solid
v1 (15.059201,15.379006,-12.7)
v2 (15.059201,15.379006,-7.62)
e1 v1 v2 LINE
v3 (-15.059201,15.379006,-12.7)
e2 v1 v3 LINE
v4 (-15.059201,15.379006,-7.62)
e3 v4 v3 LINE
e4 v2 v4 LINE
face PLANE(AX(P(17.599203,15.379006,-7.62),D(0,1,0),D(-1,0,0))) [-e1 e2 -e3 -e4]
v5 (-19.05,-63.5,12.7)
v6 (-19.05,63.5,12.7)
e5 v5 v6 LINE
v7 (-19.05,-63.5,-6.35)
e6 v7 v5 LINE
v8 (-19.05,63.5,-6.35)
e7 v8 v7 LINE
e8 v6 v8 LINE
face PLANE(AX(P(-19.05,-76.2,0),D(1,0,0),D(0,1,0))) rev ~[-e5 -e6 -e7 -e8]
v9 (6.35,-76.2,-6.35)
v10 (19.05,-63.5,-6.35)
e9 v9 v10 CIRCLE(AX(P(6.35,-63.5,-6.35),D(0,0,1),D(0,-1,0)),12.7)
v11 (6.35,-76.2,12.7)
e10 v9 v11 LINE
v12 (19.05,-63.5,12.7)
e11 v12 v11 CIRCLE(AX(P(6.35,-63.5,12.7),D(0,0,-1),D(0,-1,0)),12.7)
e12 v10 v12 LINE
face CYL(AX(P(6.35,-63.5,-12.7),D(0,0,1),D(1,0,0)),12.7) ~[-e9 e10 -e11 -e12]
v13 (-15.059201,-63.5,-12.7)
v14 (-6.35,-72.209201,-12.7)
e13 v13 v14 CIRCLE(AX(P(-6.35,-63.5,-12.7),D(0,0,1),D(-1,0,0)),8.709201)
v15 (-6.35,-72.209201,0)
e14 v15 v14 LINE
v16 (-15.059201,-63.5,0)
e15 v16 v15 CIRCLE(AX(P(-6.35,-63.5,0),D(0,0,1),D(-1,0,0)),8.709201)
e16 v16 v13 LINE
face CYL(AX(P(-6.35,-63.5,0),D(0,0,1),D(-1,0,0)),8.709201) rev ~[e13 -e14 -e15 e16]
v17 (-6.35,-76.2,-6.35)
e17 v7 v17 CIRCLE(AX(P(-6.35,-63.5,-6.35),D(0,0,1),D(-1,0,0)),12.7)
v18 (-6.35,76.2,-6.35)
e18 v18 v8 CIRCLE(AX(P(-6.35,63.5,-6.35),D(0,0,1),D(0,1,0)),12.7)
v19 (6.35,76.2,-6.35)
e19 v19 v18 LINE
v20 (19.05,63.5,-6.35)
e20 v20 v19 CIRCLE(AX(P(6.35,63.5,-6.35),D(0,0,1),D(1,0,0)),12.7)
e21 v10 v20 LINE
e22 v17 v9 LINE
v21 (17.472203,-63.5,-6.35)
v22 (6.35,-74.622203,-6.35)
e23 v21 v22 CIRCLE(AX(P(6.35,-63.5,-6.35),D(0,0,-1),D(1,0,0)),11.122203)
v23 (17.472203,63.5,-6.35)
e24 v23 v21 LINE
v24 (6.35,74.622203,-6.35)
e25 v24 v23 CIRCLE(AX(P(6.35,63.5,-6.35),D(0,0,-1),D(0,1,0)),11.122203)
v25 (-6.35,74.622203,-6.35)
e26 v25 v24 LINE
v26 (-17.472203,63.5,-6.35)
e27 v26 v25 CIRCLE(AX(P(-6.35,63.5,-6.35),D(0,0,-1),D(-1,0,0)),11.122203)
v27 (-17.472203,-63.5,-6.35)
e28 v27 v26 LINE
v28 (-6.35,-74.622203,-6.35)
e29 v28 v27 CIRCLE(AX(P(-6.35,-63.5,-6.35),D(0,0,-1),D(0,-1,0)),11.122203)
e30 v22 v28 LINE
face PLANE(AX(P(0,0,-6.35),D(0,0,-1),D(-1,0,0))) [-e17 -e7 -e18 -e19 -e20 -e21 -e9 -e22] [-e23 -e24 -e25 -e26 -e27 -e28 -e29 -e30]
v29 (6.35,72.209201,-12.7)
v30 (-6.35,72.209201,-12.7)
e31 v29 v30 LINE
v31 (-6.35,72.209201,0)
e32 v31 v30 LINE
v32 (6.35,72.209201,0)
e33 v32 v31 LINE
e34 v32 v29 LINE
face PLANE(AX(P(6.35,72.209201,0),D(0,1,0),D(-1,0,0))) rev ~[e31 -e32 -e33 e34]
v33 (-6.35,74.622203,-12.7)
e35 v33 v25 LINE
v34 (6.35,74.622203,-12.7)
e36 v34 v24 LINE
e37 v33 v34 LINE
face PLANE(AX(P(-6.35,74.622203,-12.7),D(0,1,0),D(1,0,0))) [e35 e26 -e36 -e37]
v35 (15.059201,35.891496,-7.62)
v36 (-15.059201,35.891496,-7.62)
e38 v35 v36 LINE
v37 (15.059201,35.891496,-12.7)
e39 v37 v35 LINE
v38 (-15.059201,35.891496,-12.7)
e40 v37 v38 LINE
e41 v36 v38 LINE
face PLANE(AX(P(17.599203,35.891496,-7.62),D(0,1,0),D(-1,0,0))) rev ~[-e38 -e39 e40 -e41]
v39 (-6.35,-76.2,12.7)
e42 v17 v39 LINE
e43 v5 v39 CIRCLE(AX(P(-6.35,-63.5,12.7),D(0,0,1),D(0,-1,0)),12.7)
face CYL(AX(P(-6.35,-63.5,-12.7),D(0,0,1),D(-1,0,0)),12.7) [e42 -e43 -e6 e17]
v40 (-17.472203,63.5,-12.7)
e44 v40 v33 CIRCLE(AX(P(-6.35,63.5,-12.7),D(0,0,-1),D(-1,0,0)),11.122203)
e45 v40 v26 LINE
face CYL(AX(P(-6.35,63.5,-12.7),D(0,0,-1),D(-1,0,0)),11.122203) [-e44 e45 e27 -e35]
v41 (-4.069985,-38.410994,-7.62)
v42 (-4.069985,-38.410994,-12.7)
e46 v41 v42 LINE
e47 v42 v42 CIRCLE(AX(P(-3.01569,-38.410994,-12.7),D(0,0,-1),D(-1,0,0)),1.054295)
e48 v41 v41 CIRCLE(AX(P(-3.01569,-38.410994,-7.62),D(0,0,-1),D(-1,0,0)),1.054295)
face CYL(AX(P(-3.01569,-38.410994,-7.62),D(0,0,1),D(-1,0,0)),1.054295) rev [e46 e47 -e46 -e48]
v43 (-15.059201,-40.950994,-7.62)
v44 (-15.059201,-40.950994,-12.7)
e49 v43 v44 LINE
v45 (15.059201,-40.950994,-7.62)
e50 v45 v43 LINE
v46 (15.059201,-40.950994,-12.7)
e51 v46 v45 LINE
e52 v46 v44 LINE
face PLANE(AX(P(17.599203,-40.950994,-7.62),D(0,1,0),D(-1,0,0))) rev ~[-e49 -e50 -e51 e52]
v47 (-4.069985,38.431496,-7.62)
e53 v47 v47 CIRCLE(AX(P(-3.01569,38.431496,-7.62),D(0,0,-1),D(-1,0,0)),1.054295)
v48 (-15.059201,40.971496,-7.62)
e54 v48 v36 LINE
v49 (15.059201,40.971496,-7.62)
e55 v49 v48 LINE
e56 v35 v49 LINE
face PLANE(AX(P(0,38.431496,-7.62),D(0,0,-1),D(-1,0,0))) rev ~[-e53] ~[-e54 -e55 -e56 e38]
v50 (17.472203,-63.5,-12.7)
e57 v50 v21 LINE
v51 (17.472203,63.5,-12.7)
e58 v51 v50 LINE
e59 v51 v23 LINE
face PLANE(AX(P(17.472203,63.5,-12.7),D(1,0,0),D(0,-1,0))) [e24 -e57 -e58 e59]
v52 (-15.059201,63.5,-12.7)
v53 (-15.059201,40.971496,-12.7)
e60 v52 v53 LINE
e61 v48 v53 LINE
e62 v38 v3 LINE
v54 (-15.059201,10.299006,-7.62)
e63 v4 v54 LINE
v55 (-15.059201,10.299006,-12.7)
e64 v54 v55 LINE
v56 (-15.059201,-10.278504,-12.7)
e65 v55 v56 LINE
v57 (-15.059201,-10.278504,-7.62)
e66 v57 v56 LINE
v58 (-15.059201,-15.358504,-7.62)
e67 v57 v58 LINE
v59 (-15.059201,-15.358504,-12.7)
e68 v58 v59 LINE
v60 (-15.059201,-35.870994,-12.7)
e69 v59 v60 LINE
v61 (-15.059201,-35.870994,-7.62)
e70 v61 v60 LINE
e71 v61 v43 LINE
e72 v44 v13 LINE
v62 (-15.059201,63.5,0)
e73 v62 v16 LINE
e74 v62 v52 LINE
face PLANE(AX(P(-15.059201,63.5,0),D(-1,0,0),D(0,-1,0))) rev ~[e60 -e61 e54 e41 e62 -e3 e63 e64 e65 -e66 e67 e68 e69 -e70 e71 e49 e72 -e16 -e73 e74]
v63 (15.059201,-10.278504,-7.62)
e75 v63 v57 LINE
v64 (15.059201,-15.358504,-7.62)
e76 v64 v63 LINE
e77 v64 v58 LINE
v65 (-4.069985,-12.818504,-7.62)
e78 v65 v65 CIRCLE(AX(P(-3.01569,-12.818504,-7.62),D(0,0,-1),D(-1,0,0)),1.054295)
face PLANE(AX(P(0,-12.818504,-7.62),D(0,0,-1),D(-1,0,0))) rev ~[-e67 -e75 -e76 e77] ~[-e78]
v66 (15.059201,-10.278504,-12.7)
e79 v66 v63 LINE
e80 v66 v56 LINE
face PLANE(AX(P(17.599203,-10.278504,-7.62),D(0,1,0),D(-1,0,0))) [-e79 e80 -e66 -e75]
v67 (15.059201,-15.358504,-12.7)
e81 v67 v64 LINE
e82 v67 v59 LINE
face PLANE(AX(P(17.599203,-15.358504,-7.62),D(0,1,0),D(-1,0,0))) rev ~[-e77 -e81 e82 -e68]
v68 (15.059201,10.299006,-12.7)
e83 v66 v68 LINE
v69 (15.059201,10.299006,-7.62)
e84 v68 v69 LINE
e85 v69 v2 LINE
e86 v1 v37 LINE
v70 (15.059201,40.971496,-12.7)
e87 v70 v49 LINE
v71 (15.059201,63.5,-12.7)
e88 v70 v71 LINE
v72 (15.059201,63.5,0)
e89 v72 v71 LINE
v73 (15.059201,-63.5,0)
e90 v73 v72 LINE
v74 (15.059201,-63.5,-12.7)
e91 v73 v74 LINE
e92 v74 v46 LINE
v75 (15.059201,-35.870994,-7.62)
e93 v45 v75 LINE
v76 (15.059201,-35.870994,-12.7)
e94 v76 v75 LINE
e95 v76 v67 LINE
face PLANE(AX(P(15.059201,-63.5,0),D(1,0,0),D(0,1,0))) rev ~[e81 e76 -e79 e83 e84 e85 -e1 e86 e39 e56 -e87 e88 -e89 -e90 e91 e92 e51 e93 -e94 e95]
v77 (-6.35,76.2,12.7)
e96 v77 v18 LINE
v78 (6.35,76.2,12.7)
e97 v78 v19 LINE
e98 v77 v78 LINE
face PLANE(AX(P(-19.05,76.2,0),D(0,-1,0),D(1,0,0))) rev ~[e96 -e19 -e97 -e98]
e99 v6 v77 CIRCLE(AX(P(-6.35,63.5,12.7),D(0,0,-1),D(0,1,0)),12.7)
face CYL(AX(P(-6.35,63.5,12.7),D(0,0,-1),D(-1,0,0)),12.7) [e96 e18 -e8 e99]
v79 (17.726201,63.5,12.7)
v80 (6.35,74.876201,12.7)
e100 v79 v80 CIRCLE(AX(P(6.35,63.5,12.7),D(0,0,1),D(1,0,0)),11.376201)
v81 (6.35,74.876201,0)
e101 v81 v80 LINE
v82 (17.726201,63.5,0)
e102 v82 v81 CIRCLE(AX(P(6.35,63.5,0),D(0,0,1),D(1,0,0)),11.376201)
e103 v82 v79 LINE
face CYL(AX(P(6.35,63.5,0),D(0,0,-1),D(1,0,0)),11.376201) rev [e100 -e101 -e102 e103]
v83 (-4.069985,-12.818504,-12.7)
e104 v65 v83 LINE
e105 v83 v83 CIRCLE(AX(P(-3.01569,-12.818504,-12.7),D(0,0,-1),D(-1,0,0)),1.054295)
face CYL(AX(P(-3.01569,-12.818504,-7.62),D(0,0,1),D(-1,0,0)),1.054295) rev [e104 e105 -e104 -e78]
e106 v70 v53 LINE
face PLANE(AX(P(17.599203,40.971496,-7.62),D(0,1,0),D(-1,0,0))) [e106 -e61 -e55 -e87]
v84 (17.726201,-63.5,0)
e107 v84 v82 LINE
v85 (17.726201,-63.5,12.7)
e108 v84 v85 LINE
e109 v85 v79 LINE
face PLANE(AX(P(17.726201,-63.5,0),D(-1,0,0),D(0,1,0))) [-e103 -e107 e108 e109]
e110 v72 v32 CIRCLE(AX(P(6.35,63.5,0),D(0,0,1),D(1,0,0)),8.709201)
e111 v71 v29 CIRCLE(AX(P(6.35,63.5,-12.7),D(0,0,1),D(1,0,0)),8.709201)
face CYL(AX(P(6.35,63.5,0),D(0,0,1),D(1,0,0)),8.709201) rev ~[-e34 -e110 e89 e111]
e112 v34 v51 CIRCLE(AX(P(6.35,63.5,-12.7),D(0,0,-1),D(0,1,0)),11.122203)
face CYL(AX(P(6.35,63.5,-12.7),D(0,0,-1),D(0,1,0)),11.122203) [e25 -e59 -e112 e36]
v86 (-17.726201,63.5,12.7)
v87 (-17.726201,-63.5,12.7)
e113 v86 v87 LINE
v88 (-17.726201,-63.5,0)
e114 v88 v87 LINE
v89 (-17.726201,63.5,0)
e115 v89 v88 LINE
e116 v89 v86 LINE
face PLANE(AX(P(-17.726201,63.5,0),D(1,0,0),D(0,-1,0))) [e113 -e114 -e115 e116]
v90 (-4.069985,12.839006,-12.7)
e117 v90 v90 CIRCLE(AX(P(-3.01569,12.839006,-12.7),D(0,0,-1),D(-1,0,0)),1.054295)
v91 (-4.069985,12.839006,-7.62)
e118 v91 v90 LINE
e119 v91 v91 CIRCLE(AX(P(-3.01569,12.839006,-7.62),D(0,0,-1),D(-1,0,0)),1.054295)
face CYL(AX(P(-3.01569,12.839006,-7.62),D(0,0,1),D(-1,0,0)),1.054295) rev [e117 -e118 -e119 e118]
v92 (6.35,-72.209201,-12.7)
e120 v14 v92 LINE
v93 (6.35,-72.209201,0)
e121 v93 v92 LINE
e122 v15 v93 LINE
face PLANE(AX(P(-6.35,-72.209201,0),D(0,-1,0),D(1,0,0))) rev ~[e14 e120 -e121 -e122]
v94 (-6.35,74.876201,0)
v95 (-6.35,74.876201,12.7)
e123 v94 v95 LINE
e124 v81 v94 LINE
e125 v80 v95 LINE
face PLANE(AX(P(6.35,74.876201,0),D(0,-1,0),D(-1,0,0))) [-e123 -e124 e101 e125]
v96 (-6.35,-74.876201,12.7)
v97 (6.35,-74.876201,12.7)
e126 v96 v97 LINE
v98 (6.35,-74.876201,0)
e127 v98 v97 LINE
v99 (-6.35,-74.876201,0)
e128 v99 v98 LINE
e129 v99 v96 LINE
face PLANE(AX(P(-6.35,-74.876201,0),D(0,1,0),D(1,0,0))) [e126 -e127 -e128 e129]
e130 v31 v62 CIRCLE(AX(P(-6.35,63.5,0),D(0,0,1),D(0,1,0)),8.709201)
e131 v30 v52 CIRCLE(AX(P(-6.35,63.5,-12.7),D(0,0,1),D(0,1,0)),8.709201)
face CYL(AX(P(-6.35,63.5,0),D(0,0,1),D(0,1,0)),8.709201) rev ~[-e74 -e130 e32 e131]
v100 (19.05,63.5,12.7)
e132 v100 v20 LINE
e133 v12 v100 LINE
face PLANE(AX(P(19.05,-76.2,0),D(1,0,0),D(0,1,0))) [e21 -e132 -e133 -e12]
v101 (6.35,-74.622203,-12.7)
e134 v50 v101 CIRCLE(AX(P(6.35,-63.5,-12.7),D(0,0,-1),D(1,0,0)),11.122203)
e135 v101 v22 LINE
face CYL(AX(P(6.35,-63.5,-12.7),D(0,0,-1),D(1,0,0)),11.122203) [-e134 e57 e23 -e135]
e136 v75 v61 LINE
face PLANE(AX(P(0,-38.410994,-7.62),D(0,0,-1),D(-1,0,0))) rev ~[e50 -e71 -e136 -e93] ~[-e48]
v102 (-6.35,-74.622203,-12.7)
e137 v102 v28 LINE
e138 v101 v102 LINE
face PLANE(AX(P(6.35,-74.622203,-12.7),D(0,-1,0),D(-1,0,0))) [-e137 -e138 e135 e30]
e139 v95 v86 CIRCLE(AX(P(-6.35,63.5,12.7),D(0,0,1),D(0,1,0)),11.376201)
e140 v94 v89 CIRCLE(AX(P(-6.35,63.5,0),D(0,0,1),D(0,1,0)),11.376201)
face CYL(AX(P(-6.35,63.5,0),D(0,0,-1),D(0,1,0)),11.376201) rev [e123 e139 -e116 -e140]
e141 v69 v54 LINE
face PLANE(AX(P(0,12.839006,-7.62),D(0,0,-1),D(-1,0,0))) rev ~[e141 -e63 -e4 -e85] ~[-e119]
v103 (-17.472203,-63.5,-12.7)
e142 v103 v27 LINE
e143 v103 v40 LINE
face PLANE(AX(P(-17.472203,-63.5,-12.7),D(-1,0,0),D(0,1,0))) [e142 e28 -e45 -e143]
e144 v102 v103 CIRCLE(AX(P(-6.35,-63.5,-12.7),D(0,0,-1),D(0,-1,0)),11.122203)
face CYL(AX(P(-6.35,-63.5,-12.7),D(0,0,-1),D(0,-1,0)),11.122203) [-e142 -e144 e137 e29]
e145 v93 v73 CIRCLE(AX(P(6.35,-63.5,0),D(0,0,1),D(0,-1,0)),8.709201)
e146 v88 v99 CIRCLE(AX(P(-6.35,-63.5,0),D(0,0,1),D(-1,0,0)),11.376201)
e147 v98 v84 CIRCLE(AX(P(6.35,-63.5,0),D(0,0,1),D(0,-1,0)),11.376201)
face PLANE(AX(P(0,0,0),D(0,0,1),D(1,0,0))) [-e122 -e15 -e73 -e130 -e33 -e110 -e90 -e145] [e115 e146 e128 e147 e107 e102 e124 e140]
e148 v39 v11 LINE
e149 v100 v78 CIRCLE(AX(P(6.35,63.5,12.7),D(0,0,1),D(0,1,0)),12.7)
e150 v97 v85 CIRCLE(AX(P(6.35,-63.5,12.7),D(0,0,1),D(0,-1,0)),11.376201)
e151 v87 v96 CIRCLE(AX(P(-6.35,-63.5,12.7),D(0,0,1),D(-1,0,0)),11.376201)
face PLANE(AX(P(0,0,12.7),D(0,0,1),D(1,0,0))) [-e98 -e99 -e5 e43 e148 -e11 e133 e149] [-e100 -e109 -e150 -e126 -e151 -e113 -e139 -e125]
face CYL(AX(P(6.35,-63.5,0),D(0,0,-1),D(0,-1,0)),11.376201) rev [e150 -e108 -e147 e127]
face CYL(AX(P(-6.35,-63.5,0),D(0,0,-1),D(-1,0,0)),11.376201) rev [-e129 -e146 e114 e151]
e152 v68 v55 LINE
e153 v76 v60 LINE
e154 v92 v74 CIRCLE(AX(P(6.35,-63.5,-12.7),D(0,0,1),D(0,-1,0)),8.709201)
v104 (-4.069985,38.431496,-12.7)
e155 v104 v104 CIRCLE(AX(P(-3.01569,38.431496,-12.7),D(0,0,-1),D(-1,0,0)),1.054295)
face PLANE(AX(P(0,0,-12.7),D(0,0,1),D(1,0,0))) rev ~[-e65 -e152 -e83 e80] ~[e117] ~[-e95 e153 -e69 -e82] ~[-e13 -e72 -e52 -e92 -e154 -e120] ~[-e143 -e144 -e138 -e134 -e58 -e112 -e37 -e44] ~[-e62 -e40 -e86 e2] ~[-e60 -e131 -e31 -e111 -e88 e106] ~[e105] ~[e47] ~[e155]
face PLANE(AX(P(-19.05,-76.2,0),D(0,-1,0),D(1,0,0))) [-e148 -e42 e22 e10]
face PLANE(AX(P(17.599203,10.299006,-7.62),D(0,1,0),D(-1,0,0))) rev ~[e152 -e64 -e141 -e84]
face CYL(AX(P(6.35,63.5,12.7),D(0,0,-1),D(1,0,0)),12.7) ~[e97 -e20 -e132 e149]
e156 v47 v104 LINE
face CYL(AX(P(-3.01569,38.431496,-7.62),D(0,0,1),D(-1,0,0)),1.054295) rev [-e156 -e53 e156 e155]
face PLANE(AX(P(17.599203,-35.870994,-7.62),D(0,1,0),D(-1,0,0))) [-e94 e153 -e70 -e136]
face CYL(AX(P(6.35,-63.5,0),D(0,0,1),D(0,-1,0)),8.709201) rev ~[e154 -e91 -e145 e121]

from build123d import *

# Parameters (mm, degrees)
SKETCH1_W               = 38.1
SKETCH1_H               = 152.4
BOSS_EXTRUDE1_DEPTH     = 12.7
FILLET1_R               = 12.7
CUT_EXTRUDE1_DEPTH      = 83.55
EXTRUDE_THIN1_START     = -12.7
EXTRUDE_THIN1_DEPTH     = 12.7
CUT_EXTRUDE2_DEPTH      = 6.35
SKETCH6_W               = 35.1984056
SKETCH6_H               = 5.08
SKETCH6_R               = 1.054294776
BOSS_EXTRUDE2_DEPTH     = 5.08
CLEARANCE_1_DEPTH       = 6.35
CUT_EXTRUDE_THIN2_START = -12.7
CUT_EXTRUDE_THIN2_DEPTH = 12.7


with BuildPart() as part:
    # Sketch1 → Boss-Extrude1 (new, symmetric)
    with BuildSketch(Plane.XY):
        Rectangle(SKETCH1_W, SKETCH1_H)
    extrude(amount=BOSS_EXTRUDE1_DEPTH, both=True)

    # Fillet1
    fillet1_edges = [part.edges().sort_by_distance(p)[0] for p in [
        (19.05, -76.2, 0),
        (-19.05, -76.2, 0),
        (-19.05, 76.2, 0),
        (19.05, 76.2, 0),
    ]]
    fillet(fillet1_edges, radius=FILLET1_R)

    # Sketch2 → Cut-Extrude1 (cut, through all)
    with BuildSketch(Plane.XY.offset(12.7)):
        with BuildLine():
            Line((-17.599200768, 63.5), (-17.599200768, -63.5))
            ThreePointArc((-17.599200768, -63.5), (-14.304386146, -71.454386146), (-6.35, -74.749200768))
            Line((-6.35, -74.749200768), (6.35, -74.749200768))
            ThreePointArc((6.35, -74.749200768), (14.304386146, -71.454386146), (17.599200768, -63.5))
            Line((17.599200768, -63.5), (17.599200768, 63.5))
            ThreePointArc((17.599200768, 63.5), (14.304386146, 71.454386146), (6.35, 74.749200768))
            Line((6.35, 74.749200768), (-6.35, 74.749200768))
            ThreePointArc((-6.35, 74.749200768), (-14.304386146, 71.454386146), (-17.599200768, 63.5))
        make_face()
    extrude(amount=-CUT_EXTRUDE1_DEPTH, mode=Mode.SUBTRACT)

    # Sketch3 → Extrude-Thin1 (add)
    with BuildSketch(Plane(origin=(0, 0, -12.7), x_dir=(-1, 0, 0), z_dir=(0, 0, -1)).offset(EXTRUDE_THIN1_START)):
        with BuildLine():
            Line((-6.35, 74.749200768), (6.35, 74.749200768))
            ThreePointArc((6.35, 74.749200768), (14.304386146, 71.454386146), (17.599200768, 63.5))
            Line((17.599200768, 63.5), (17.599200768, -63.5))
            ThreePointArc((17.599200768, -63.5), (14.304386146, -71.454386146), (6.35, -74.749200768))
            Line((6.35, -74.749200768), (-6.35, -74.749200768))
            ThreePointArc((-6.35, -74.749200768), (-14.304386146, -71.454386146), (-17.599200768, -63.5))
            Line((-17.599200768, -63.5), (-17.599200768, 63.5))
            ThreePointArc((-17.599200768, 63.5), (-14.304386146, 71.454386146), (-6.35, 74.749200768))
        make_face()
        with BuildLine():
            Line((-6.35, 72.209200768), (6.35, 72.209200768))
            ThreePointArc((6.35, 72.209200768), (12.508334922, 69.658334922), (15.059200768, 63.5))
            Line((15.059200768, 63.5), (15.059200768, -63.5))
            ThreePointArc((15.059200768, -63.5), (12.508334922, -69.658334922), (6.35, -72.209200768))
            Line((6.35, -72.209200768), (-6.35, -72.209200768))
            ThreePointArc((-6.35, -72.209200768), (-12.508334922, -69.658334922), (-15.059200768, -63.5))
            Line((-15.059200768, -63.5), (-15.059200768, 63.5))
            ThreePointArc((-15.059200768, 63.5), (-12.508334922, 69.658334922), (-6.35, 72.209200768))
        make_face(mode=Mode.SUBTRACT)
    extrude(amount=EXTRUDE_THIN1_DEPTH)

    # Sketch4 → Cut-Extrude2 (cut)
    with BuildSketch(Plane(origin=(0, 0, -12.7), x_dir=(-1, 0, 0), z_dir=(0, 0, -1))):
        with BuildLine():
            Line((6.35, -76.2), (-6.35, -76.2))
            ThreePointArc((-6.35, -76.2), (-15.330256121, -72.480256121), (-19.05, -63.5))
            Line((-19.05, -63.5), (-19.05, 63.5))
            ThreePointArc((-19.05, 63.5), (-15.330256121, 72.480256121), (-6.35, 76.2))
            Line((-6.35, 76.2), (6.35, 76.2))
            ThreePointArc((6.35, 76.2), (15.330256121, 72.480256121), (19.05, 63.5))
            Line((19.05, 63.5), (19.05, -63.5))
            ThreePointArc((19.05, -63.5), (15.330256121, -72.480256121), (6.35, -76.2))
        make_face()
        with BuildLine():
            Line((-17.5992028, -63.5), (-17.5992028, 63.5))
            ThreePointArc((-17.5992028, 63.5), (-14.304387583, 71.454387583), (-6.35, 74.7492028))
            Line((-6.35, 74.7492028), (6.35, 74.7492028))
            ThreePointArc((6.35, 74.7492028), (14.304387583, 71.454387583), (17.5992028, 63.5))
            Line((17.5992028, 63.5), (17.5992028, -63.5))
            ThreePointArc((17.5992028, -63.5), (14.304387583, -71.454387583), (6.35, -74.7492028))
            Line((6.35, -74.7492028), (-6.35, -74.7492028))
            ThreePointArc((-6.35, -74.7492028), (-14.304387583, -71.454387583), (-17.5992028, -63.5))
        make_face(mode=Mode.SUBTRACT)
    extrude(amount=-CUT_EXTRUDE2_DEPTH, mode=Mode.SUBTRACT)

    # Sketch6 → Boss-Extrude2 (add)
    # profile 1 of 4: a face of its own
    with BuildSketch(Plane(origin=(0, 0, -7.62), x_dir=(-1, 0, 0), z_dir=(0, 0, -1))):
        with Locations((0, 38.431496192)):
            Rectangle(SKETCH6_W, SKETCH6_H)
        with Locations((3.015690418, 38.431496192)):
            Circle(SKETCH6_R, mode=Mode.SUBTRACT)
    # profile 2 of 4: a face of its own
    with BuildSketch(Plane(origin=(0, 0, -7.62), x_dir=(-1, 0, 0), z_dir=(0, 0, -1))):
        with Locations((0, 12.839006486)):
            Rectangle(SKETCH6_W, SKETCH6_H)
        with Locations((3.015690418, 12.839006486)):
            Circle(SKETCH6_R, mode=Mode.SUBTRACT)
    # profile 3 of 4: a face of its own
    with BuildSketch(Plane(origin=(0, 0, -7.62), x_dir=(-1, 0, 0), z_dir=(0, 0, -1))):
        with Locations((0, -12.818503808)):
            Rectangle(SKETCH6_W, SKETCH6_H)
        with Locations((3.015690418, -12.818503808)):
            Circle(SKETCH6_R, mode=Mode.SUBTRACT)
    # profile 4 of 4: a face of its own
    with BuildSketch(Plane(origin=(0, 0, -7.62), x_dir=(-1, 0, 0), z_dir=(0, 0, -1))):
        with Locations((0, -38.410993514)):
            Rectangle(SKETCH6_W, SKETCH6_H)
        with Locations((3.015690418, -38.410993514)):
            Circle(SKETCH6_R, mode=Mode.SUBTRACT)
    extrude(amount=BOSS_EXTRUDE2_DEPTH)

    # Sketch7 → Clearance 1 (cut)
    with BuildSketch(Plane(origin=(0, 0, -12.7), x_dir=(-1, 0, 0), z_dir=(0, 0, -1))):
        with BuildLine():
            Line((-17.5992028, 63.5), (-17.5992028, -63.5))
            ThreePointArc((-17.5992028, -63.5), (-14.304387583, -71.454387583), (-6.35, -74.7492028))
            Line((-6.35, -74.7492028), (6.35, -74.7492028))
            ThreePointArc((6.35, -74.7492028), (14.304387583, -71.454387583), (17.5992028, -63.5))
            Line((17.5992028, -63.5), (17.5992028, 63.5))
            ThreePointArc((17.5992028, 63.5), (14.304387583, 71.454387583), (6.35, 74.7492028))
            Line((6.35, 74.7492028), (-6.35, 74.7492028))
            ThreePointArc((-6.35, 74.7492028), (-14.304387583, 71.454387583), (-17.5992028, 63.5))
        make_face()
        with BuildLine():
            Line((-17.4722028, 63.5), (-17.4722028, -63.5))
            ThreePointArc((-17.4722028, -63.5), (-14.214585022, -71.364585022), (-6.35, -74.6222028))
            Line((-6.35, -74.6222028), (6.35, -74.6222028))
            ThreePointArc((6.35, -74.6222028), (14.214585022, -71.364585022), (17.4722028, -63.5))
            Line((17.4722028, -63.5), (17.4722028, 63.5))
            ThreePointArc((17.4722028, 63.5), (14.214585022, 71.364585022), (6.35, 74.6222028))
            Line((6.35, 74.6222028), (-6.35, 74.6222028))
            ThreePointArc((-6.35, 74.6222028), (-14.214585022, 71.364585022), (-17.4722028, 63.5))
        make_face(mode=Mode.SUBTRACT)
    extrude(amount=-CLEARANCE_1_DEPTH, mode=Mode.SUBTRACT)

    # Sketch8 → Cut-Extrude-Thin2 (cut)
    with BuildSketch(Plane.XY.offset(12.7).offset(CUT_EXTRUDE_THIN2_START)):
        with BuildLine():
            Line((-17.726200768, 63.5), (-17.726200768, -63.5))
            ThreePointArc((-17.726200768, -63.5), (-14.394188707, -71.544188707), (-6.35, -74.876200768))
            Line((-6.35, -74.876200768), (6.35, -74.876200768))
            ThreePointArc((6.35, -74.876200768), (14.394188707, -71.544188707), (17.726200768, -63.5))
            Line((17.726200768, -63.5), (17.726200768, 63.5))
            ThreePointArc((17.726200768, 63.5), (14.394188707, 71.544188707), (6.35, 74.876200768))
            Line((6.35, 74.876200768), (-6.35, 74.876200768))
            ThreePointArc((-6.35, 74.876200768), (-14.394188707, 71.544188707), (-17.726200768, 63.5))
        make_face()
        with BuildLine():
            Line((-17.599200768, 63.5), (-17.599200768, -63.5))
            ThreePointArc((-17.599200768, -63.5), (-14.304386146, -71.454386146), (-6.35, -74.749200768))
            Line((-6.35, -74.749200768), (6.35, -74.749200768))
            ThreePointArc((6.35, -74.749200768), (14.304386146, -71.454386146), (17.599200768, -63.5))
            Line((17.599200768, -63.5), (17.599200768, 63.5))
            ThreePointArc((17.599200768, 63.5), (14.304386146, 71.454386146), (6.35, 74.749200768))
            Line((6.35, 74.749200768), (-6.35, 74.749200768))
            ThreePointArc((-6.35, 74.749200768), (-14.304386146, 71.454386146), (-17.599200768, 63.5))
        make_face(mode=Mode.SUBTRACT)
    extrude(amount=CUT_EXTRUDE_THIN2_DEPTH, mode=Mode.SUBTRACT)


solid = part.part
